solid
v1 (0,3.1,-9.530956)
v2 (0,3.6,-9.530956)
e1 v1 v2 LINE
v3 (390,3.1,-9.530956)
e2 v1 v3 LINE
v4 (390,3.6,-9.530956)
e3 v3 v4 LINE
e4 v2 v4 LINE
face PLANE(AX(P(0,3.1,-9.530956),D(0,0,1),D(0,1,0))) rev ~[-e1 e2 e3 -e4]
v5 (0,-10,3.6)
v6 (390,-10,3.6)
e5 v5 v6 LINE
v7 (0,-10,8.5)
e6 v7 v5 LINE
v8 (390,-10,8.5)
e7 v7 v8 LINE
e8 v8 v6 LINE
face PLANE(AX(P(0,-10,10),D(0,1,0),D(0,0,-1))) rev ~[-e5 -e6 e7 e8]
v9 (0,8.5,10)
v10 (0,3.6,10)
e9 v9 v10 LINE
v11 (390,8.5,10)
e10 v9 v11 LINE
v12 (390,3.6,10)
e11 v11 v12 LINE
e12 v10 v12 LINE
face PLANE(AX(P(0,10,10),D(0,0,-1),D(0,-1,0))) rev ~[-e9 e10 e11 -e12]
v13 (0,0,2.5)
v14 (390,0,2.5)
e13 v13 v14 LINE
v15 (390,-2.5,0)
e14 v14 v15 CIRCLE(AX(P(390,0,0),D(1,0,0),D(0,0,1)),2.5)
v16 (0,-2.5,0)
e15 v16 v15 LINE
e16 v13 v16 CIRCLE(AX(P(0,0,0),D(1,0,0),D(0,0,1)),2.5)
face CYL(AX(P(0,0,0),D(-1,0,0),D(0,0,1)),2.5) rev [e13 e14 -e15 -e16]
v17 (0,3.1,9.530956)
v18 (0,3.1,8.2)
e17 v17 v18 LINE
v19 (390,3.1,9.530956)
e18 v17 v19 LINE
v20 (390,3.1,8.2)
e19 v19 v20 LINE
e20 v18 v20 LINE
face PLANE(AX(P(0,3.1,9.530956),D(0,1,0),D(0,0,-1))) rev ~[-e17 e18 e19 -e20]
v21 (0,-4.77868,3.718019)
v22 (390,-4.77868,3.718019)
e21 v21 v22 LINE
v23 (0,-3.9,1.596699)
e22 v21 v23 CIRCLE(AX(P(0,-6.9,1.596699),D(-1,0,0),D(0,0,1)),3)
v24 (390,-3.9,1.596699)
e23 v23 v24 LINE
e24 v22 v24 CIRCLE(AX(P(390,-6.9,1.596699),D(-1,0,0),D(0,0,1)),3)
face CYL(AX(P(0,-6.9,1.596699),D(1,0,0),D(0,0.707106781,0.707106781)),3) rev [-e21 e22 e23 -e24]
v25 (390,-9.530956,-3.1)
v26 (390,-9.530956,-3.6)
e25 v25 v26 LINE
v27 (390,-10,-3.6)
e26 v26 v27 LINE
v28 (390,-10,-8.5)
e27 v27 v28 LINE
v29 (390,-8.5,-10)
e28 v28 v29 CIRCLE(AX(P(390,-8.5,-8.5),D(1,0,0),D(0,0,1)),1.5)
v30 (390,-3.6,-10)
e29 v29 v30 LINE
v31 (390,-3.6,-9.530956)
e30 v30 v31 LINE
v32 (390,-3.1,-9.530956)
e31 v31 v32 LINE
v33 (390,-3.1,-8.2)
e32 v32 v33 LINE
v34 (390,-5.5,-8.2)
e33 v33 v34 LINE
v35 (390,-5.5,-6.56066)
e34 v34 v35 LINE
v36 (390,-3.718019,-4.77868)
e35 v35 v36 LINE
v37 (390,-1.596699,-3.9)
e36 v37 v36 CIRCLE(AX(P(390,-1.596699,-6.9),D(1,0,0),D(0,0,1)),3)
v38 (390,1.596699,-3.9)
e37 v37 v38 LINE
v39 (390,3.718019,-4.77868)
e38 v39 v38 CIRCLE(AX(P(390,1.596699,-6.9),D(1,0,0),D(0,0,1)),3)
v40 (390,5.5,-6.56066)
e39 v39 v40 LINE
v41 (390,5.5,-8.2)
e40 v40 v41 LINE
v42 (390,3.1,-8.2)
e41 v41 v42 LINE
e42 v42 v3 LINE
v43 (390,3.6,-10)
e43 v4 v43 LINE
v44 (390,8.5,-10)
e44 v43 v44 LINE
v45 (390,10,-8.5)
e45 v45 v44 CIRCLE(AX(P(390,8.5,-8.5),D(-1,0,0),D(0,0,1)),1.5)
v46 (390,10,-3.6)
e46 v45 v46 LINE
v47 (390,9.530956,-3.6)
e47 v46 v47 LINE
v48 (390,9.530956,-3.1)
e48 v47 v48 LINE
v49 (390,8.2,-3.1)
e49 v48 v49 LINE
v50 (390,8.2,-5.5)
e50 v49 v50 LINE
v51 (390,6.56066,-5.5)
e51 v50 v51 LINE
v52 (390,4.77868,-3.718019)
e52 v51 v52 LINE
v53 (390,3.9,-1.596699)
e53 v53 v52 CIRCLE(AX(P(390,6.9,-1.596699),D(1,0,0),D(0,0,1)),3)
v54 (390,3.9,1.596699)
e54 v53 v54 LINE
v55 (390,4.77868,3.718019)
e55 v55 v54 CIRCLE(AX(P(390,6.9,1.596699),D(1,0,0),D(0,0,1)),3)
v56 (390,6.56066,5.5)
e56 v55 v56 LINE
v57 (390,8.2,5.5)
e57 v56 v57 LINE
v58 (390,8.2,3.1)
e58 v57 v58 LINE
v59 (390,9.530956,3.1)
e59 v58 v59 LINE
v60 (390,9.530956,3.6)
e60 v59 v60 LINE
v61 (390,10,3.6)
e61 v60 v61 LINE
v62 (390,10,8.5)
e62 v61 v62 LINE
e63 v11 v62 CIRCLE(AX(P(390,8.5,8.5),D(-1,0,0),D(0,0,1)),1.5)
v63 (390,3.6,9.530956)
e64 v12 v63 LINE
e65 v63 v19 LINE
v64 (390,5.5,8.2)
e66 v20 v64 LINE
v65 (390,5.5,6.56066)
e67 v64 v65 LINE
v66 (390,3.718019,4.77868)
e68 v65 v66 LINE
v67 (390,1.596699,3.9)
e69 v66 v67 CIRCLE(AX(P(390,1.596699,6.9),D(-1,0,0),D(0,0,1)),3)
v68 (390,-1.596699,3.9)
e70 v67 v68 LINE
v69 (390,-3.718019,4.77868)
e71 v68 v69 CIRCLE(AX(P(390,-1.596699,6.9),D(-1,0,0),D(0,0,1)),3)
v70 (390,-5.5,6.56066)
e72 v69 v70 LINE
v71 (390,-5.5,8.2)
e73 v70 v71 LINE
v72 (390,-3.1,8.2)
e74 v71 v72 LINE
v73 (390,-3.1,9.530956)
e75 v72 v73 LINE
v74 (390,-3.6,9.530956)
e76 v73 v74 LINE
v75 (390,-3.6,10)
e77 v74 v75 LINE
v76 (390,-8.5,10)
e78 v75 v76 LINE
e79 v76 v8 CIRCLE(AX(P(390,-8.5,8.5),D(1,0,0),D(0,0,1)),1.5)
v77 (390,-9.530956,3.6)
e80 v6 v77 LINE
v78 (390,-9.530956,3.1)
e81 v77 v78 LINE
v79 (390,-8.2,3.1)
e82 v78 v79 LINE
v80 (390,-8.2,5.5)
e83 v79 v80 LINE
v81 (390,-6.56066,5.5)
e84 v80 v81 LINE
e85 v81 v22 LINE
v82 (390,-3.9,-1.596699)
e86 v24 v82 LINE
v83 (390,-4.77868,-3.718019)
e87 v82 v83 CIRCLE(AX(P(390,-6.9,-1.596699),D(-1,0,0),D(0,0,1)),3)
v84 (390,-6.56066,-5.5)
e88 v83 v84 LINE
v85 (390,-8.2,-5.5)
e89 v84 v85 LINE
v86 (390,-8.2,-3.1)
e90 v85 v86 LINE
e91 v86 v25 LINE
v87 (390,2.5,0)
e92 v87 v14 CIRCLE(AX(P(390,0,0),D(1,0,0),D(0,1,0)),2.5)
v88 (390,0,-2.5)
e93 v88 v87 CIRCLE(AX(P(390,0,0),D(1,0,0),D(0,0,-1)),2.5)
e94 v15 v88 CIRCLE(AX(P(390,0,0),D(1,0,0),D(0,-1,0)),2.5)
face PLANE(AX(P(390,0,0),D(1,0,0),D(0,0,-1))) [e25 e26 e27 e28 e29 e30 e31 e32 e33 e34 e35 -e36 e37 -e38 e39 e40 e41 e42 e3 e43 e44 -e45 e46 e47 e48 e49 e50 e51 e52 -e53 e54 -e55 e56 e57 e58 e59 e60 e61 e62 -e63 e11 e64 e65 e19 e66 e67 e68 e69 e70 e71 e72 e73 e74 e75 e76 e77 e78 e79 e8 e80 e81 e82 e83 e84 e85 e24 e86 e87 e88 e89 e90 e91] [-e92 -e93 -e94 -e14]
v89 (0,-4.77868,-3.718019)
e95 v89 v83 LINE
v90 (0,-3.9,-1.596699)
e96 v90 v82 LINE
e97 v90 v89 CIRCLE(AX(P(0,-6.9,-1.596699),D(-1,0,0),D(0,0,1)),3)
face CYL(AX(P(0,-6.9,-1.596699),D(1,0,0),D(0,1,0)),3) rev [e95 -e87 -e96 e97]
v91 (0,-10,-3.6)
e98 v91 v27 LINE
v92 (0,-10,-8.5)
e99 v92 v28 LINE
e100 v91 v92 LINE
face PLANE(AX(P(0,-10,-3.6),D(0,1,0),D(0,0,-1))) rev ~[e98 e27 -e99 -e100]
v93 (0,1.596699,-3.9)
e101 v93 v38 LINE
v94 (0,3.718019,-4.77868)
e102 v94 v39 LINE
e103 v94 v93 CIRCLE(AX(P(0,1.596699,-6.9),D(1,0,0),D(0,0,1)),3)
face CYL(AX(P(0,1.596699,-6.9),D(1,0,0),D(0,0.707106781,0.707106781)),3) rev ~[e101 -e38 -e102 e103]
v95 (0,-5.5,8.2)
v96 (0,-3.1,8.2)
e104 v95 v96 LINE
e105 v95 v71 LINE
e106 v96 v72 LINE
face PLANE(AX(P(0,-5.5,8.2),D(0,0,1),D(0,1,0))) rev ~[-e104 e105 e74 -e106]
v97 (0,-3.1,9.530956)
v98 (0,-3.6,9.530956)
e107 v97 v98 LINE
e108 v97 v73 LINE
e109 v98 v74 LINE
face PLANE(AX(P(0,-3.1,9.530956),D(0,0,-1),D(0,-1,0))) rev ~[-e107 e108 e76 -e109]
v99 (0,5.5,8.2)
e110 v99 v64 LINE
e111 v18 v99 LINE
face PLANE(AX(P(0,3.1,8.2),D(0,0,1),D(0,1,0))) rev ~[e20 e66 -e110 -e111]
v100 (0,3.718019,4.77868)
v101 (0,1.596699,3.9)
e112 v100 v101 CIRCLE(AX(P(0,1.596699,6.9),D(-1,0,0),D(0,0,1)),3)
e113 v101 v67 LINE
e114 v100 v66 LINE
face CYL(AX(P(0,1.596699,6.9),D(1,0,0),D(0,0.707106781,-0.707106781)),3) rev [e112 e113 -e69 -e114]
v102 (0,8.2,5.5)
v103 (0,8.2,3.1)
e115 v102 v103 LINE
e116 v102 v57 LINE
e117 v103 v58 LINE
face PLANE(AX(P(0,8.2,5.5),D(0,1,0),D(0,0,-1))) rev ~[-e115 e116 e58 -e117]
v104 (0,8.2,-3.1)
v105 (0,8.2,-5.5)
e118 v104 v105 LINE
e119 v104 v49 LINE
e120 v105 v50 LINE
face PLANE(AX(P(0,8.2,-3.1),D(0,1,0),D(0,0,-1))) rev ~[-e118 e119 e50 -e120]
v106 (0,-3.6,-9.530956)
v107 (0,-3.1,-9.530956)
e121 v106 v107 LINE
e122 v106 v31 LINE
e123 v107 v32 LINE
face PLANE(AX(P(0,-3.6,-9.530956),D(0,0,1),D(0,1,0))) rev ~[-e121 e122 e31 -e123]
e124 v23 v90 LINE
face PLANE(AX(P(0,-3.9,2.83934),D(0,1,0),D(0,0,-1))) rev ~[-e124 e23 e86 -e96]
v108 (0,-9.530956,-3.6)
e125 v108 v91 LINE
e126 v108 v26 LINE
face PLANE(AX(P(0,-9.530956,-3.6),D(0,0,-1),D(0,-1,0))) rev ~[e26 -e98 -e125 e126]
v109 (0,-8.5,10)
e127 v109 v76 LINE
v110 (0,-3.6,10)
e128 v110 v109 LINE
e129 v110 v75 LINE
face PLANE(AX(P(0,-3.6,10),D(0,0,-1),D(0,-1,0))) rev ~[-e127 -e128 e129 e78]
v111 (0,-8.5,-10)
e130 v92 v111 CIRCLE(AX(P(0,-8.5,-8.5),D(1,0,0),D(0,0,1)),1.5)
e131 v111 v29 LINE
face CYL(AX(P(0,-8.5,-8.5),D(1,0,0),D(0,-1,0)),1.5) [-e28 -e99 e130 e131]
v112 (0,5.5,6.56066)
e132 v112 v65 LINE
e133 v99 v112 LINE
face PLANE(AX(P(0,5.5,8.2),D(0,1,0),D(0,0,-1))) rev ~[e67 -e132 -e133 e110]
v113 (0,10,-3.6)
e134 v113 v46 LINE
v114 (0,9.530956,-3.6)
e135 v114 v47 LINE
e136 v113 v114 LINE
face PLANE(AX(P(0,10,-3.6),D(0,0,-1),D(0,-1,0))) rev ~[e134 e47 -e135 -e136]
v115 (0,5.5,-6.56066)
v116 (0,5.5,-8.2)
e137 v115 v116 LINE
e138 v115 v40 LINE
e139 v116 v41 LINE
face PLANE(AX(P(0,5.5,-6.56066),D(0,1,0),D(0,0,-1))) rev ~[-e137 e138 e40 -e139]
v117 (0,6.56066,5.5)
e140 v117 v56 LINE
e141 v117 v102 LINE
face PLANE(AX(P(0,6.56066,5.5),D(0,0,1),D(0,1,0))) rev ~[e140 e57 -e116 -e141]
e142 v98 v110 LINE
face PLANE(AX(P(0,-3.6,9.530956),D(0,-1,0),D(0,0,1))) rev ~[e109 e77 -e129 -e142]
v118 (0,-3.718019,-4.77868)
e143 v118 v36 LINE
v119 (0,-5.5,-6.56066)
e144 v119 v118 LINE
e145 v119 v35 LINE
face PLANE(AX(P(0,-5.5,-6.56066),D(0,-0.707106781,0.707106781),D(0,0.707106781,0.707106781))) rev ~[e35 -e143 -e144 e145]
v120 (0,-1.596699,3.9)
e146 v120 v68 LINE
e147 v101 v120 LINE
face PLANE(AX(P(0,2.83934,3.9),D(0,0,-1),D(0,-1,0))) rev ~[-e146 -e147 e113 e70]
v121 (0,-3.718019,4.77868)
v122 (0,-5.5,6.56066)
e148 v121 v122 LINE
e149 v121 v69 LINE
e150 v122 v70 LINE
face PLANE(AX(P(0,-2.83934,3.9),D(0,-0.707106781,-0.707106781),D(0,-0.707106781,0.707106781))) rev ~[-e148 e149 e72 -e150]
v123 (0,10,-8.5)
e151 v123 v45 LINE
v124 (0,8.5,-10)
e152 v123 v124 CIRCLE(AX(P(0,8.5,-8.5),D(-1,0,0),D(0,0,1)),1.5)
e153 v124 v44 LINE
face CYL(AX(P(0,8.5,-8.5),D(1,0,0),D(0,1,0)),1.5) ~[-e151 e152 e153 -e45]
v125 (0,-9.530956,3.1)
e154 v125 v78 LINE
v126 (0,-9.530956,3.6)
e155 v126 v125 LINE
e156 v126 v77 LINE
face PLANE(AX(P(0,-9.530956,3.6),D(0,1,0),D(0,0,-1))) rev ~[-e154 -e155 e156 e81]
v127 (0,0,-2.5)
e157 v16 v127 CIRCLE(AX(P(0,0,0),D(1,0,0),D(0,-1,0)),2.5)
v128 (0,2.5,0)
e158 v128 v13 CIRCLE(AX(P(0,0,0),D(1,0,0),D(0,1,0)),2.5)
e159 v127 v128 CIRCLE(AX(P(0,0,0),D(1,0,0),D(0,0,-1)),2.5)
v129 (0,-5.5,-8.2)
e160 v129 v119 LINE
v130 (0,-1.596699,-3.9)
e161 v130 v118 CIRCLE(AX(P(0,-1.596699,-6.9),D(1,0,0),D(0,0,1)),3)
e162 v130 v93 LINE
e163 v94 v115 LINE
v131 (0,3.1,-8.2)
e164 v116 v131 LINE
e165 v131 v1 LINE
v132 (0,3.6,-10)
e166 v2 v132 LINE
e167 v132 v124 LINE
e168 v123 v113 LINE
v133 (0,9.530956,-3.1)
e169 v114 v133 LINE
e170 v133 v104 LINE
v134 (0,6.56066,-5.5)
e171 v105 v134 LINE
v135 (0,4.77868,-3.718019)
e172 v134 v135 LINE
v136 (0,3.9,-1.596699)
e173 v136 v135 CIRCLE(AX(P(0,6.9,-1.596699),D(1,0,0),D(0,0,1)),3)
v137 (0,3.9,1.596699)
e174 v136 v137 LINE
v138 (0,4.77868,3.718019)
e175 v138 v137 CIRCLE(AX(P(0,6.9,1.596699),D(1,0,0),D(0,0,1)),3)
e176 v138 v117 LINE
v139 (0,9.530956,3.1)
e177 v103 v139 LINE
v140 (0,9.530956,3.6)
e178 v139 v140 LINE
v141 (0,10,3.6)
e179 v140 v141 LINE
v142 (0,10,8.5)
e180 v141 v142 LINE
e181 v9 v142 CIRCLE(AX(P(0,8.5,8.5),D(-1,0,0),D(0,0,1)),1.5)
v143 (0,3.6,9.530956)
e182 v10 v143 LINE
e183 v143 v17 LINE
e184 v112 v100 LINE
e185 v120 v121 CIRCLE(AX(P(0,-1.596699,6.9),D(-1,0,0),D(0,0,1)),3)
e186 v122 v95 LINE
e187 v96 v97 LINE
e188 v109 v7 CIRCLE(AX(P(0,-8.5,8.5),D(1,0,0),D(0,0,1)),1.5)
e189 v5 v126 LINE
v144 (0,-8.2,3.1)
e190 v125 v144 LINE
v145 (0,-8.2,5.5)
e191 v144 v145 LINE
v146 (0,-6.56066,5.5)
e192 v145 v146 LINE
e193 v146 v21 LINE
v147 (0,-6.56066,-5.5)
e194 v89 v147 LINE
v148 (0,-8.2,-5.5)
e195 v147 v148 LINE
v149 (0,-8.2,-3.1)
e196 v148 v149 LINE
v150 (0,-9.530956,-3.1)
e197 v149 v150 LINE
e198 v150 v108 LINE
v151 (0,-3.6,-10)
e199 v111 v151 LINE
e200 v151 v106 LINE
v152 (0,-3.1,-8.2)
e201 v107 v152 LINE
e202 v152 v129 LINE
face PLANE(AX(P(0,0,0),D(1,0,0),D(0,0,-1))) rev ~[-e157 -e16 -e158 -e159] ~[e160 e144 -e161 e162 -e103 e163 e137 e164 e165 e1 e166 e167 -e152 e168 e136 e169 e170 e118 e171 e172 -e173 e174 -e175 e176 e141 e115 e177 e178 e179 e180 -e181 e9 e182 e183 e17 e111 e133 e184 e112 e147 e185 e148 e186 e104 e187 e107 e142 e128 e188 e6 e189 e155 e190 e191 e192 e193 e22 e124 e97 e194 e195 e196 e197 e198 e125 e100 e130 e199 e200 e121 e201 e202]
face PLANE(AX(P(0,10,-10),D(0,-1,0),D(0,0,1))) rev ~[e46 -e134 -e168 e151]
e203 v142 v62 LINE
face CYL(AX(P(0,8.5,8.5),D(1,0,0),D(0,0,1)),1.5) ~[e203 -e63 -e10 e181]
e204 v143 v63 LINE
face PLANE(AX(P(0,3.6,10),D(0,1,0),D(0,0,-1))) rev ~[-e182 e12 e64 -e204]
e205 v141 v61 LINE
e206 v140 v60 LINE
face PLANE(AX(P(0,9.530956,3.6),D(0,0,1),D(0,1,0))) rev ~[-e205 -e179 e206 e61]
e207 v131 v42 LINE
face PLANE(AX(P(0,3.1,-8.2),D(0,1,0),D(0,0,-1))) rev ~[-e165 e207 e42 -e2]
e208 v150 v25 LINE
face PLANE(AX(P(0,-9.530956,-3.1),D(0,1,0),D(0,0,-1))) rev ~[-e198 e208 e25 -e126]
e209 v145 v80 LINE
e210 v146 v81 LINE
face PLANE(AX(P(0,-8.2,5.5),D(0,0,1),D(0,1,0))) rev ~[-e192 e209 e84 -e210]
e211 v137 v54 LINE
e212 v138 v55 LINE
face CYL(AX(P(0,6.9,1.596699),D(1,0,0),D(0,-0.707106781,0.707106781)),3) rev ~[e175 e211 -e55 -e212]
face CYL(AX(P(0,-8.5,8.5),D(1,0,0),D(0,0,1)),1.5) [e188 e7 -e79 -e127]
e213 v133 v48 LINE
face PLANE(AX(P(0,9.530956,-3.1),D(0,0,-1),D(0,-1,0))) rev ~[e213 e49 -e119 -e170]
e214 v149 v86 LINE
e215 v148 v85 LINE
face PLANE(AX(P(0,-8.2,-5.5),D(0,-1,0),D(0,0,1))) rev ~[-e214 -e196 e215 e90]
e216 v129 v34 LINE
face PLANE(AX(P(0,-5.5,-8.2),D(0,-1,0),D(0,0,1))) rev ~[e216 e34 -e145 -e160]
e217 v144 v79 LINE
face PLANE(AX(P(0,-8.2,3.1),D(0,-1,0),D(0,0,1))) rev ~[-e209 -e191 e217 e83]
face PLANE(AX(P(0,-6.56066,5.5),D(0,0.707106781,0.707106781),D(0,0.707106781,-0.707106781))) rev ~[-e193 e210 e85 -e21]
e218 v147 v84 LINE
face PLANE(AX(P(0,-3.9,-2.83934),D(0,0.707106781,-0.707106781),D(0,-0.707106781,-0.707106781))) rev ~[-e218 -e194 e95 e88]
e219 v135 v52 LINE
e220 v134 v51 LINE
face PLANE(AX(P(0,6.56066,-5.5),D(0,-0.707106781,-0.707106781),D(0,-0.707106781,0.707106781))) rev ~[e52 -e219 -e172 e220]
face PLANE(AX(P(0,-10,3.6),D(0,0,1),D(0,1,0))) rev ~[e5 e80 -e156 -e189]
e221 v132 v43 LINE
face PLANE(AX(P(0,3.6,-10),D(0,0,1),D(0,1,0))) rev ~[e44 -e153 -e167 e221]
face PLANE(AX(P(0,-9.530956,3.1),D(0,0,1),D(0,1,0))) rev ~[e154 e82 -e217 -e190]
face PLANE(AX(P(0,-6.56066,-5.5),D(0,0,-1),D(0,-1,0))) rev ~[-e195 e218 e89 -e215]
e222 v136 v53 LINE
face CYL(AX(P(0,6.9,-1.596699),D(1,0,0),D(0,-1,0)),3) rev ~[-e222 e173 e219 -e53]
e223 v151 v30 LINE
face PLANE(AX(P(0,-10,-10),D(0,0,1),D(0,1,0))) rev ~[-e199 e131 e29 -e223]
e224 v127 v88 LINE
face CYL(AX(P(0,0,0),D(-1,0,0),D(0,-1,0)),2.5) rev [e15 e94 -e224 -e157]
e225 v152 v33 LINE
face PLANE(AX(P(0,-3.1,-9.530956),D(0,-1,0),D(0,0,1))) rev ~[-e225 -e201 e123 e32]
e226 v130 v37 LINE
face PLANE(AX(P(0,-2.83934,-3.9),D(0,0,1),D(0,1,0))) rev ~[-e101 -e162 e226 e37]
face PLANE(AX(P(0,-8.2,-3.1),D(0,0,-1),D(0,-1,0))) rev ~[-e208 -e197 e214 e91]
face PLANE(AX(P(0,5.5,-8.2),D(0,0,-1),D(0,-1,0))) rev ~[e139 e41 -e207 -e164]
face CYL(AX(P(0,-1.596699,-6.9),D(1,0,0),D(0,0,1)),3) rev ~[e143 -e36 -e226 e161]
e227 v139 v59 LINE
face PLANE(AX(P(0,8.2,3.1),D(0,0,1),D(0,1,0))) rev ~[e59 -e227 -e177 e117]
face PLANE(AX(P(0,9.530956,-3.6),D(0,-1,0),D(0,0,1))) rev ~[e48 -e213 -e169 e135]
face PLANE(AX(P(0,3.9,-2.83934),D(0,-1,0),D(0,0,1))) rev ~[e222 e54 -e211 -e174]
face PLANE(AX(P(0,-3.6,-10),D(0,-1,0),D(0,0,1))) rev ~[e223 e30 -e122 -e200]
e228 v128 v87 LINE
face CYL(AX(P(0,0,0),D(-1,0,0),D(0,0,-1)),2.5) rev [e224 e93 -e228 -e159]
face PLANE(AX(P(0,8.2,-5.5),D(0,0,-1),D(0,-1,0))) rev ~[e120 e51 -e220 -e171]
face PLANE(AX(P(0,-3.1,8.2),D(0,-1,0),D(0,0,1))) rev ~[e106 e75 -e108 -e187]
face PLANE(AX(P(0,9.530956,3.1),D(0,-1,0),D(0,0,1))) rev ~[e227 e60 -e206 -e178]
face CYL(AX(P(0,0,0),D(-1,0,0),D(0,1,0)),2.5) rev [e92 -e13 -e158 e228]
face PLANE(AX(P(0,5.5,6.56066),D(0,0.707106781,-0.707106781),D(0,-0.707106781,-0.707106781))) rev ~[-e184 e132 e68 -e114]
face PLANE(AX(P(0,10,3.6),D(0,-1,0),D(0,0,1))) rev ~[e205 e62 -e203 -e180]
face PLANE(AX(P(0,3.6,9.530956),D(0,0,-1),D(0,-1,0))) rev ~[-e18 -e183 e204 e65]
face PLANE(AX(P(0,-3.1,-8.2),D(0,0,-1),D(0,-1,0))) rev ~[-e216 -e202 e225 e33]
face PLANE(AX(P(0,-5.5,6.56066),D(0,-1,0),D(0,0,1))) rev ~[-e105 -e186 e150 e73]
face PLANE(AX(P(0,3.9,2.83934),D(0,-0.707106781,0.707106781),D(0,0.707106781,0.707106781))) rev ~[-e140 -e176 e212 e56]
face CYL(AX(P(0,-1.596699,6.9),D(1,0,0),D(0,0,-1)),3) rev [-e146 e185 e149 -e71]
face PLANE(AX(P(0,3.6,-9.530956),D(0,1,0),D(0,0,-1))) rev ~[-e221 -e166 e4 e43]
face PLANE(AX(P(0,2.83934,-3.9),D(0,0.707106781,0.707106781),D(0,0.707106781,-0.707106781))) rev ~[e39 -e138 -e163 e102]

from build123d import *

# Parameters (mm, degrees)
EXTRUDE_1_DEPTH = 390
FILLET_1_R      = 1.5
FILLET_2_R      = 3


with BuildPart() as part:
    # 草图1 → 凸台-拉伸1 (new body)
    with BuildSketch(Plane(origin=(0, 0, 0), x_dir=(0, 0, -1), z_dir=(1, 0, 0))):
        Polygon((-10, 10), (-10, 3.6), (-9.530955747, 3.6), (-9.530955747, 3.1), (-8.2, 3.1), (-8.2, 5.5), (-6.560660172, 5.5), (-3.9, 2.839339828), (-3.9, 0), (-3.9, -2.839339828), (-6.560660172, -5.5), (-8.2, -5.5), (-8.2, -3.1), (-9.530955747, -3.1), (-9.530955747, -3.6), (-10, -3.6), (-10, -10), (-3.6, -10), (-3.6, -9.530955747), (-3.1, -9.530955747), (-3.1, -8.2), (-5.5, -8.2), (-5.5, -6.560660172), (-2.839339828, -3.9), (0, -3.9), (2.839339828, -3.9), (5.5, -6.560660172), (5.5, -8.2), (3.1, -8.2), (3.1, -9.530955747), (3.6, -9.530955747), (3.6, -10), (10, -10), (10, -3.6), (9.530955747, -3.6), (9.530955747, -3.1), (8.2, -3.1), (8.2, -5.5), (6.560660172, -5.5), (3.9, -2.839339828), (3.9, 0), (3.9, 2.839339828), (6.560660172, 5.5), (8.2, 5.5), (8.2, 3.1), (9.530955747, 3.1), (9.530955747, 3.6), (10, 3.6), (10, 10), (3.6, 10), (3.6, 9.530955747), (3.1, 9.530955747), (3.1, 8.2), (5.5, 8.2), (5.5, 6.560660172), (2.839339828, 3.9), (0, 3.9), (-2.839339828, 3.9), (-5.5, 6.560660172), (-5.5, 8.2), (-3.1, 8.2), (-3.1, 9.530955747), (-3.6, 9.530955747), (-3.6, 10), align=None)
        with BuildLine():
            ThreePointArc((0, 2.5), (-1.767766953, 1.767766953), (-2.5, 0))
            ThreePointArc((-2.5, 0), (-1.767766953, -1.767766953), (0, -2.5))
            ThreePointArc((0, -2.5), (1.767766953, -1.767766953), (2.5, 0))
            ThreePointArc((2.5, 0), (1.767766953, 1.767766953), (0, 2.5))
        make_face(mode=Mode.SUBTRACT)
    extrude(amount=EXTRUDE_1_DEPTH)

    # 圆角1
    fillet_1_edges = [part.edges().sort_by_distance(p)[0] for p in [
        (195, -10, -10),
        (195, -10, 10),
        (195, 10, 10),
        (195, 10, -10),
    ]]
    fillet(fillet_1_edges, radius=FILLET_1_R)

    # 圆角2
    fillet_2_edges = [part.edges().sort_by_distance(p)[0] for p in [
        (195, -3.9, -2.839339828),
        (195, -3.9, 2.839339828),
        (195, -2.839339828, 3.9),
        (195, 2.839339828, 3.9),
        (195, 3.9, 2.839339828),
        (195, 3.9, -2.839339828),
        (195, 2.839339828, -3.9),
        (195, -2.839339828, -3.9),
    ]]
    fillet(fillet_2_edges, radius=FILLET_2_R)


solid = part.part
